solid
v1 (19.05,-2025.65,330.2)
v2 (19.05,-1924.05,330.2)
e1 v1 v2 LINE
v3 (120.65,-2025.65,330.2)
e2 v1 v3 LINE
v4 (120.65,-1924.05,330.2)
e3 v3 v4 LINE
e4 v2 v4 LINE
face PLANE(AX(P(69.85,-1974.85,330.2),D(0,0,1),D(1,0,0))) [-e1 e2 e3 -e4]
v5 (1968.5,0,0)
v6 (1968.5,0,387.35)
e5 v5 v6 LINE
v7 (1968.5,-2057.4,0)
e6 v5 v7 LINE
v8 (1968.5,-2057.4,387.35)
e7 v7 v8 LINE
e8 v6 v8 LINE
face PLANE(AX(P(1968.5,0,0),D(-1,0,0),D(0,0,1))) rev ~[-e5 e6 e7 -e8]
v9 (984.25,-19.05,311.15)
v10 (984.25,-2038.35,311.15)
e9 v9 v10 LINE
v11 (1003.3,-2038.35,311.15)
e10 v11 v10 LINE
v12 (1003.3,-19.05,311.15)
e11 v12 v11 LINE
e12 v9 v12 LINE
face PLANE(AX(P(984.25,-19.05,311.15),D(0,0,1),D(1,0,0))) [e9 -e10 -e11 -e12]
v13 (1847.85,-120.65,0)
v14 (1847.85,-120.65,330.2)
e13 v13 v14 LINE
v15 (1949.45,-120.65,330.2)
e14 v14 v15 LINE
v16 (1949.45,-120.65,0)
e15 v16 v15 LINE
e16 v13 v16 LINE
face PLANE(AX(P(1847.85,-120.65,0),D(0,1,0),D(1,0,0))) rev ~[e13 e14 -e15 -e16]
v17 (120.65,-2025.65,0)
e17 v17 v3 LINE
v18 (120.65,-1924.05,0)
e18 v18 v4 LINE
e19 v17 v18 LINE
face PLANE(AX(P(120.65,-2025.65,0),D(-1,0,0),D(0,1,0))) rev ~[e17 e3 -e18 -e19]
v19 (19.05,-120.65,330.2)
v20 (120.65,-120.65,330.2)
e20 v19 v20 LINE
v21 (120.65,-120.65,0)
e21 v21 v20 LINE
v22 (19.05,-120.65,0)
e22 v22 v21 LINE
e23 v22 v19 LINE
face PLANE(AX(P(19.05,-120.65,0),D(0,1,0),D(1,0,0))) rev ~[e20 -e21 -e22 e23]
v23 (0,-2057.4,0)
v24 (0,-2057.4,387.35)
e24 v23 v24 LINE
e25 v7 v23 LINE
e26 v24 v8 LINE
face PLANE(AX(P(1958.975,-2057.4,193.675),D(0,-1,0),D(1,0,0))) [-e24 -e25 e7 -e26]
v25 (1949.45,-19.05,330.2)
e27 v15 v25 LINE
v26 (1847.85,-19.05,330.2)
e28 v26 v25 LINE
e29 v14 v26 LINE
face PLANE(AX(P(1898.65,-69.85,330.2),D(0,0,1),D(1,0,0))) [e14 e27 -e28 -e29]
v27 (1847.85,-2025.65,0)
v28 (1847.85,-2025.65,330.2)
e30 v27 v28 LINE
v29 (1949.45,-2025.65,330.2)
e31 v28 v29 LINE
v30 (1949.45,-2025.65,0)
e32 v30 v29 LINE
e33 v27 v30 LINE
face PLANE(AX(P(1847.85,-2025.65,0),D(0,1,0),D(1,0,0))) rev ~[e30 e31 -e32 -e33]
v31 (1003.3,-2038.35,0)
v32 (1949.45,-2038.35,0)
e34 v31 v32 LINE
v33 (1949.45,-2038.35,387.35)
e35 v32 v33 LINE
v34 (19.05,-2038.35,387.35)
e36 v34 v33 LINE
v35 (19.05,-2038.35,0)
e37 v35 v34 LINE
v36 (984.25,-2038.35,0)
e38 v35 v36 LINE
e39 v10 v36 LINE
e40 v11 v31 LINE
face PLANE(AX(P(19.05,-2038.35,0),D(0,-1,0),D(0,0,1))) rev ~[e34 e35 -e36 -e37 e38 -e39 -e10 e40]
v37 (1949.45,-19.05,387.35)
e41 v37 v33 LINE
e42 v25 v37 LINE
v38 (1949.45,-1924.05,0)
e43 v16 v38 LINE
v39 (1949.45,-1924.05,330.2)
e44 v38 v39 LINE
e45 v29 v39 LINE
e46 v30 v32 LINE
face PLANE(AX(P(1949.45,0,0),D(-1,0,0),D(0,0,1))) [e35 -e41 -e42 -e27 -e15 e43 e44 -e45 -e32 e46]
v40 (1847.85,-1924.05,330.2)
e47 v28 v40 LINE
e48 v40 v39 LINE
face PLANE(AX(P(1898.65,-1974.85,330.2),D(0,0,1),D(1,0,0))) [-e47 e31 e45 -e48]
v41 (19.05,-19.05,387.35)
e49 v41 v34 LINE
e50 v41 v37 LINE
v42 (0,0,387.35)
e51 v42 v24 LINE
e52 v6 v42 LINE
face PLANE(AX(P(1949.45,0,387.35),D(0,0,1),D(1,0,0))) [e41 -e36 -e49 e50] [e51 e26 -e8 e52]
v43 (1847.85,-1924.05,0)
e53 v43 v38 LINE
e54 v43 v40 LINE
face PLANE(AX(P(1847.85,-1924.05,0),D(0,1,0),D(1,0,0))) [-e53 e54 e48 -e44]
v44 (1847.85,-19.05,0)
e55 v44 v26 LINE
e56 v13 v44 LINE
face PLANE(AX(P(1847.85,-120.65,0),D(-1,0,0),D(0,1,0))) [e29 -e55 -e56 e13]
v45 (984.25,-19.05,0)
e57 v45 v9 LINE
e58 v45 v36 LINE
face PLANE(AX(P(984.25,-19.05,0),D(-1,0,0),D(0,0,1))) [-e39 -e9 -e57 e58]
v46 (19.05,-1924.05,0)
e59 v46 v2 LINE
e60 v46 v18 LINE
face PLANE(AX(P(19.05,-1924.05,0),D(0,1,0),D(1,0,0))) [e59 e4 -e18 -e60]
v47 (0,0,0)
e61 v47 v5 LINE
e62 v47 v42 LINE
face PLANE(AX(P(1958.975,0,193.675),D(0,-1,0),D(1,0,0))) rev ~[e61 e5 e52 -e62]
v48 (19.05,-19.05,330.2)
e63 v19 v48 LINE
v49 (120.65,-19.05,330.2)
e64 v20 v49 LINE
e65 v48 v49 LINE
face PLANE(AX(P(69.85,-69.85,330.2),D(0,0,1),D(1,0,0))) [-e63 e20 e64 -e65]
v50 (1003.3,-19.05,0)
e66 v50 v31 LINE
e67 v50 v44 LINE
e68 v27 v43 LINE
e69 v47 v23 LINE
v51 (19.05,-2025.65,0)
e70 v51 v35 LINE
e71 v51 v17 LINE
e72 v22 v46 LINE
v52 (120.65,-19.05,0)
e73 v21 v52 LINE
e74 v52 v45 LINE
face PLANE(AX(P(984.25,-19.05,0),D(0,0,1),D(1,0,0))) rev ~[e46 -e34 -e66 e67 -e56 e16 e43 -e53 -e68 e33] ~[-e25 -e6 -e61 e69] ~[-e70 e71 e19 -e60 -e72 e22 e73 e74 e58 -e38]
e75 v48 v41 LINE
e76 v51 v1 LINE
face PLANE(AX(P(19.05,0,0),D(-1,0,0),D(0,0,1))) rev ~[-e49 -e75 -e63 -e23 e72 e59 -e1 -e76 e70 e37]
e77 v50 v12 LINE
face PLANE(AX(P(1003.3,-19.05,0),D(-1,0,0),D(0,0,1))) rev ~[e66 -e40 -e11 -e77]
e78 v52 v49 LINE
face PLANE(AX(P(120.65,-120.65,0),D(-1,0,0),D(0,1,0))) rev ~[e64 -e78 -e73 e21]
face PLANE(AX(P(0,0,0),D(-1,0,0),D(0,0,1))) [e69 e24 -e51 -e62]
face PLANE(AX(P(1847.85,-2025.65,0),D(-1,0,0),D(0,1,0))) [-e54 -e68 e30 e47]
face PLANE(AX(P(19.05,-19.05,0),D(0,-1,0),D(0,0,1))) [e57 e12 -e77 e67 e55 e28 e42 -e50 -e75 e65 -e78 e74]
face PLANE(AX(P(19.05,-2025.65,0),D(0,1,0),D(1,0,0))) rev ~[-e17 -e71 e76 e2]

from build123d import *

# Parameters (mm, degrees)
F0_W      = 19.05
F0_H      = 387.35
F1_DEPTH  = 2057.4
F2_W      = 19.05
F2_H      = 387.35
F3_DEPTH  = 1930.4
F4_W      = 19.05
F4_H      = 387.35
F5_DEPTH  = 1930.4
F6_W      = 19.05
F6_H      = 387.35
F7_DEPTH  = 2057.4
F8_W      = 101.6
F8_H      = 101.6
F9_DEPTH  = 330.2
F10_W     = 19.05
F10_H     = 311.15
F11_DEPTH = 2025.65


with BuildPart() as f1:
    # F0 (on Front) → F1 (new body)
    with BuildSketch(Plane.XZ):
        with Locations((9.525, 193.675)):
            Rectangle(F0_W, F0_H)
    extrude(amount=F1_DEPTH)

    # F2 (on face) → F3 (join)
    with BuildSketch(Plane.YZ.offset(19.05)):
        with Locations((-2047.875, 193.675)):
            Rectangle(F2_W, F2_H)
    extrude(amount=F3_DEPTH)

    # F4 (on face) → F5 (join)
    with BuildSketch(Plane.YZ.offset(19.05)):
        with Locations((-9.525, 193.675)):
            Rectangle(F4_W, F4_H)
    extrude(amount=F5_DEPTH)

    # F6 (on Front) → F7 (join)
    with BuildSketch(Plane.XZ):
        with Locations((1958.975, 193.675)):
            Rectangle(F6_W, F6_H)
    extrude(amount=F7_DEPTH)

    # F8 (on Top) → F9 (join)
    with BuildSketch(Plane.XY):
        with Locations((69.85, -69.85)):
            Rectangle(F8_W, F8_H)
        with Locations((1898.65, -69.85)):
            Rectangle(F8_W, F8_H)
        with Locations((1898.65, -1974.85)):
            Rectangle(F8_W, F8_H)
        with Locations((69.85, -1974.85)):
            Rectangle(F8_W, F8_H)
    extrude(amount=F9_DEPTH)

    # F10 (on face) → F11 (join)
    with BuildSketch(Plane.XZ.offset(19.05)):
        with Locations((993.775, 155.575)):
            Rectangle(F10_W, F10_H)
    extrude(amount=F11_DEPTH)


solid = f1.part
